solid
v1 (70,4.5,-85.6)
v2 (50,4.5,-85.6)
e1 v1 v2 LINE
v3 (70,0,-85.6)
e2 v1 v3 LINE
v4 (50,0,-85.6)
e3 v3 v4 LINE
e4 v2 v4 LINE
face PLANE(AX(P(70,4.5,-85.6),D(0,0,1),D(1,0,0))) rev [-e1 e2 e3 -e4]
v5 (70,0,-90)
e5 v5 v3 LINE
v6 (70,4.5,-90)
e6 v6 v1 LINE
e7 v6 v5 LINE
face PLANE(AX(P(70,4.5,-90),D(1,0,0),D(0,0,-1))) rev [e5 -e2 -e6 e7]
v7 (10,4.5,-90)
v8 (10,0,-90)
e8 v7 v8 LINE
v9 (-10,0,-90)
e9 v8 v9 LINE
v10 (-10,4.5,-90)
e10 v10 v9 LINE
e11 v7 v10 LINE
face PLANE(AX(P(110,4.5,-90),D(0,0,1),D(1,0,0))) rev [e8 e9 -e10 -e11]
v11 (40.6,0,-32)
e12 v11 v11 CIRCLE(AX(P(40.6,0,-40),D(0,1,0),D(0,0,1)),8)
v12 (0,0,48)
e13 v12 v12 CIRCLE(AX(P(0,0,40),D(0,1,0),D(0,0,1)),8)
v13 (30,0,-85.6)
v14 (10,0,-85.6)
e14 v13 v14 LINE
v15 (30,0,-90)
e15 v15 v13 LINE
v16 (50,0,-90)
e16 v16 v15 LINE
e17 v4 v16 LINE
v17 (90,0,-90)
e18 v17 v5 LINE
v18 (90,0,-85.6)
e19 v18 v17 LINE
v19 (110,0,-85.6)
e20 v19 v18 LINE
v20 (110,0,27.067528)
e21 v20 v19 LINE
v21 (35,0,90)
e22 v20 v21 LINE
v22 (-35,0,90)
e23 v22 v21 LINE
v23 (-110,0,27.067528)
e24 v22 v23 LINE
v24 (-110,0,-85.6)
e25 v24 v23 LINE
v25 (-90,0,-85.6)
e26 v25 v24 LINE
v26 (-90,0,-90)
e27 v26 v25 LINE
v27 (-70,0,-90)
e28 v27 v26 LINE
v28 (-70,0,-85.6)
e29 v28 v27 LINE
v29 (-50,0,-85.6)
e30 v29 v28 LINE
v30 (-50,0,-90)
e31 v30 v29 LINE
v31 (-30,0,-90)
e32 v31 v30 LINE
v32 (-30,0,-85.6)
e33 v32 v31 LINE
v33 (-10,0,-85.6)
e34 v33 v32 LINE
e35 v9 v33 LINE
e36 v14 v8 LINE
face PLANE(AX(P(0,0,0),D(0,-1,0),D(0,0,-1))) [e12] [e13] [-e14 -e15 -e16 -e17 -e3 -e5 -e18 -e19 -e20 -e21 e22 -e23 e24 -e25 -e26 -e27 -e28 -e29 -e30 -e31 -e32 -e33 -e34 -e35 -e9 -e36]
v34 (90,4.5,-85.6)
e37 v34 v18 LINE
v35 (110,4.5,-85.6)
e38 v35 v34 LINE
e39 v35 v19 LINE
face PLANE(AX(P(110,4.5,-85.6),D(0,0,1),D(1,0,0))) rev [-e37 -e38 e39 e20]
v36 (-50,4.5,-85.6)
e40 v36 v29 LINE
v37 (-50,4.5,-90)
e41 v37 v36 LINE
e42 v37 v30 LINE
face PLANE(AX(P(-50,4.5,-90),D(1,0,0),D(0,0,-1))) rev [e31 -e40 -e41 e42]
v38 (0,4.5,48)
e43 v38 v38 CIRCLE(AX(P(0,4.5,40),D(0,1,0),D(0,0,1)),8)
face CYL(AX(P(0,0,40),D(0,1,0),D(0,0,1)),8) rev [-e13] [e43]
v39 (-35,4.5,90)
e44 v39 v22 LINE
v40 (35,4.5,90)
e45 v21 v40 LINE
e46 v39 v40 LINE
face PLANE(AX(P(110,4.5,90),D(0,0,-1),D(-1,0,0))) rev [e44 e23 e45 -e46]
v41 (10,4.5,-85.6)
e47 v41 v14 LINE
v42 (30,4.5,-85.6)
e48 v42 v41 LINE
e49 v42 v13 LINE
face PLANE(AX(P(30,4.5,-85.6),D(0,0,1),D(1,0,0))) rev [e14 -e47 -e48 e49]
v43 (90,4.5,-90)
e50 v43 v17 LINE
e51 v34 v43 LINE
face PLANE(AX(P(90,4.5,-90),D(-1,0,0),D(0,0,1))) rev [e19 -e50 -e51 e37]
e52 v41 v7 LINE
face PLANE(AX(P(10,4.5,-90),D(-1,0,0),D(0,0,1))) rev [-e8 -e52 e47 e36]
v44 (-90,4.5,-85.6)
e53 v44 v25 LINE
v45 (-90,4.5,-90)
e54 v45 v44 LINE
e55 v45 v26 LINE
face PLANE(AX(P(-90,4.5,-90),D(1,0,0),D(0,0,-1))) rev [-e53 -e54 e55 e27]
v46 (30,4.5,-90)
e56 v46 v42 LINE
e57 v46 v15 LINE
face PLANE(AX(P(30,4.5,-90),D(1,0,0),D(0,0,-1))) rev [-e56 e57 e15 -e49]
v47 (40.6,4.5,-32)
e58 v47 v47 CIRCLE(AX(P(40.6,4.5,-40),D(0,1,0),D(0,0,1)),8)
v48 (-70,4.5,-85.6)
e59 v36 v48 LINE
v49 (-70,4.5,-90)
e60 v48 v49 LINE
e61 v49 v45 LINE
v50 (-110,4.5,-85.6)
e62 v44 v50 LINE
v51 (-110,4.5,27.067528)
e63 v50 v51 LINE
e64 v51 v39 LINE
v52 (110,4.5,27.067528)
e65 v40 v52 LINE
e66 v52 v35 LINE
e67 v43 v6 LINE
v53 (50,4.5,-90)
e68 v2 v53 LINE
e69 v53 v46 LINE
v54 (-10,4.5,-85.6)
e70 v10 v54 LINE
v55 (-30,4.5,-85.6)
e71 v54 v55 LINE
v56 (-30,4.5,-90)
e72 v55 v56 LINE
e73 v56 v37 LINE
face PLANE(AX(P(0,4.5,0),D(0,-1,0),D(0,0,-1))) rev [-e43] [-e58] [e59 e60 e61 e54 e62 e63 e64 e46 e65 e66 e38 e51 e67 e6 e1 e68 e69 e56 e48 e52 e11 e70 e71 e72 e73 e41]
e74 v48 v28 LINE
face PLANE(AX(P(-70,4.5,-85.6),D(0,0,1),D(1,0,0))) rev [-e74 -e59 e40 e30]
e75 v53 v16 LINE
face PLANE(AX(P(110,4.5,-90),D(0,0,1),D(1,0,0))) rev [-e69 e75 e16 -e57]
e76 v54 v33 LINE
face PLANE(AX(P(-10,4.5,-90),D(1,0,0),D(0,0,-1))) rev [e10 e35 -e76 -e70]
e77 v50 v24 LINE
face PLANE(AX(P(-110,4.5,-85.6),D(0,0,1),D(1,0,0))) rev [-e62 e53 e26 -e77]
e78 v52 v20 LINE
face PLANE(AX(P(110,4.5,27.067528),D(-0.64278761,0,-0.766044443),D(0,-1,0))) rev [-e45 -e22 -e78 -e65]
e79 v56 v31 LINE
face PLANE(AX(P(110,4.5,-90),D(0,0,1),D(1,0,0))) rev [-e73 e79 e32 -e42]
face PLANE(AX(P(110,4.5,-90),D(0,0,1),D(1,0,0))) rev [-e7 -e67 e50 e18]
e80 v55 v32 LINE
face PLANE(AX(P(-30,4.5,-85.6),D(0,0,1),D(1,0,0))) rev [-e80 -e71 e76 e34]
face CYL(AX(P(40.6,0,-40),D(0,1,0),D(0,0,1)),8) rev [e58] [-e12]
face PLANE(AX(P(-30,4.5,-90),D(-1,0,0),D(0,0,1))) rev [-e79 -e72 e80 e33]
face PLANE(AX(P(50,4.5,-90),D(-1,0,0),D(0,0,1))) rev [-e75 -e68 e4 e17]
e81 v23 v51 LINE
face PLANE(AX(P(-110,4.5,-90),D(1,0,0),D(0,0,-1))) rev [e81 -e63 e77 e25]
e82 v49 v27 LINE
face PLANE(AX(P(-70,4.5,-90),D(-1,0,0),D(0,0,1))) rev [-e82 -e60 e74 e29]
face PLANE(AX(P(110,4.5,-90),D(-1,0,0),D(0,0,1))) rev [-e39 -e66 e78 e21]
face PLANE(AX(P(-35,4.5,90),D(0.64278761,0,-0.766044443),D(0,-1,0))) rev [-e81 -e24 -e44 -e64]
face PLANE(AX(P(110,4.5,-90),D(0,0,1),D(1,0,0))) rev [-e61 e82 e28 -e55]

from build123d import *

# Parameters (mm, degrees)
SKETCH2_W           = 220
SKETCH2_H           = 180
BOSS_EXTRUDE1_DEPTH = 4.5
CHAMFER1_SIZE       = 75
CHAMFER1_SIZE2      = 62.932472338
SKETCH3_R           = 8
CUT_EXTRUDE1_DEPTH  = 143.197925442
SKETCH4_W           = 20
SKETCH4_H           = 4.4
CUT_EXTRUDE2_DEPTH  = 143.197925442


with BuildPart() as part:
    # Sketch2 → Boss-Extrude1 (new body)
    with BuildSketch(Plane(origin=(0, 0, 0), x_dir=(1, 0, 0), z_dir=(0, 1, 0))):
        Rectangle(SKETCH2_W, SKETCH2_H)
    extrude(amount=BOSS_EXTRUDE1_DEPTH)

    # Chamfer1
    chamfer1_edges = [part.edges().sort_by_distance(p)[0] for p in [
        (110, 2.25, 90),
        (-110, 2.25, 90),
    ]]
    chamfer1_side = [part.faces().sort_by_distance(p)[0] for p in [
        (0, 2.25, 90),
    ]]
    chamfer(chamfer1_edges, length=CHAMFER1_SIZE, length2=CHAMFER1_SIZE2, reference=chamfer1_side[0])

    # Sketch3 → Cut-Extrude1 (cut, through all)
    with BuildSketch(Plane(origin=(0, 4.5, 0), x_dir=(1, 0, 0), z_dir=(0, 1, 0))):
        with Locations(Location((0, -40, 0), (0, 0, 270))):
            Circle(SKETCH3_R)
        with Locations(Location((40.6, 40, 0), (0, 0, 270))):
            Circle(SKETCH3_R)
    extrude(amount=-CUT_EXTRUDE1_DEPTH, mode=Mode.SUBTRACT)

    # Sketch4 → Cut-Extrude2 (cut, through all)
    with BuildSketch(Plane.XZ):
        with Locations((100, -87.8)):
            Rectangle(SKETCH4_W, SKETCH4_H)
        with Locations((60, -87.8)):
            Rectangle(SKETCH4_W, SKETCH4_H)
        with Locations((20, -87.8)):
            Rectangle(SKETCH4_W, SKETCH4_H)
        with Locations((-20, -87.8)):
            Rectangle(SKETCH4_W, SKETCH4_H)
        with Locations((-60, -87.8)):
            Rectangle(SKETCH4_W, SKETCH4_H)
        with Locations((-100, -87.8)):
            Rectangle(SKETCH4_W, SKETCH4_H)
    extrude(amount=-CUT_EXTRUDE2_DEPTH, mode=Mode.SUBTRACT)


solid = part.part
